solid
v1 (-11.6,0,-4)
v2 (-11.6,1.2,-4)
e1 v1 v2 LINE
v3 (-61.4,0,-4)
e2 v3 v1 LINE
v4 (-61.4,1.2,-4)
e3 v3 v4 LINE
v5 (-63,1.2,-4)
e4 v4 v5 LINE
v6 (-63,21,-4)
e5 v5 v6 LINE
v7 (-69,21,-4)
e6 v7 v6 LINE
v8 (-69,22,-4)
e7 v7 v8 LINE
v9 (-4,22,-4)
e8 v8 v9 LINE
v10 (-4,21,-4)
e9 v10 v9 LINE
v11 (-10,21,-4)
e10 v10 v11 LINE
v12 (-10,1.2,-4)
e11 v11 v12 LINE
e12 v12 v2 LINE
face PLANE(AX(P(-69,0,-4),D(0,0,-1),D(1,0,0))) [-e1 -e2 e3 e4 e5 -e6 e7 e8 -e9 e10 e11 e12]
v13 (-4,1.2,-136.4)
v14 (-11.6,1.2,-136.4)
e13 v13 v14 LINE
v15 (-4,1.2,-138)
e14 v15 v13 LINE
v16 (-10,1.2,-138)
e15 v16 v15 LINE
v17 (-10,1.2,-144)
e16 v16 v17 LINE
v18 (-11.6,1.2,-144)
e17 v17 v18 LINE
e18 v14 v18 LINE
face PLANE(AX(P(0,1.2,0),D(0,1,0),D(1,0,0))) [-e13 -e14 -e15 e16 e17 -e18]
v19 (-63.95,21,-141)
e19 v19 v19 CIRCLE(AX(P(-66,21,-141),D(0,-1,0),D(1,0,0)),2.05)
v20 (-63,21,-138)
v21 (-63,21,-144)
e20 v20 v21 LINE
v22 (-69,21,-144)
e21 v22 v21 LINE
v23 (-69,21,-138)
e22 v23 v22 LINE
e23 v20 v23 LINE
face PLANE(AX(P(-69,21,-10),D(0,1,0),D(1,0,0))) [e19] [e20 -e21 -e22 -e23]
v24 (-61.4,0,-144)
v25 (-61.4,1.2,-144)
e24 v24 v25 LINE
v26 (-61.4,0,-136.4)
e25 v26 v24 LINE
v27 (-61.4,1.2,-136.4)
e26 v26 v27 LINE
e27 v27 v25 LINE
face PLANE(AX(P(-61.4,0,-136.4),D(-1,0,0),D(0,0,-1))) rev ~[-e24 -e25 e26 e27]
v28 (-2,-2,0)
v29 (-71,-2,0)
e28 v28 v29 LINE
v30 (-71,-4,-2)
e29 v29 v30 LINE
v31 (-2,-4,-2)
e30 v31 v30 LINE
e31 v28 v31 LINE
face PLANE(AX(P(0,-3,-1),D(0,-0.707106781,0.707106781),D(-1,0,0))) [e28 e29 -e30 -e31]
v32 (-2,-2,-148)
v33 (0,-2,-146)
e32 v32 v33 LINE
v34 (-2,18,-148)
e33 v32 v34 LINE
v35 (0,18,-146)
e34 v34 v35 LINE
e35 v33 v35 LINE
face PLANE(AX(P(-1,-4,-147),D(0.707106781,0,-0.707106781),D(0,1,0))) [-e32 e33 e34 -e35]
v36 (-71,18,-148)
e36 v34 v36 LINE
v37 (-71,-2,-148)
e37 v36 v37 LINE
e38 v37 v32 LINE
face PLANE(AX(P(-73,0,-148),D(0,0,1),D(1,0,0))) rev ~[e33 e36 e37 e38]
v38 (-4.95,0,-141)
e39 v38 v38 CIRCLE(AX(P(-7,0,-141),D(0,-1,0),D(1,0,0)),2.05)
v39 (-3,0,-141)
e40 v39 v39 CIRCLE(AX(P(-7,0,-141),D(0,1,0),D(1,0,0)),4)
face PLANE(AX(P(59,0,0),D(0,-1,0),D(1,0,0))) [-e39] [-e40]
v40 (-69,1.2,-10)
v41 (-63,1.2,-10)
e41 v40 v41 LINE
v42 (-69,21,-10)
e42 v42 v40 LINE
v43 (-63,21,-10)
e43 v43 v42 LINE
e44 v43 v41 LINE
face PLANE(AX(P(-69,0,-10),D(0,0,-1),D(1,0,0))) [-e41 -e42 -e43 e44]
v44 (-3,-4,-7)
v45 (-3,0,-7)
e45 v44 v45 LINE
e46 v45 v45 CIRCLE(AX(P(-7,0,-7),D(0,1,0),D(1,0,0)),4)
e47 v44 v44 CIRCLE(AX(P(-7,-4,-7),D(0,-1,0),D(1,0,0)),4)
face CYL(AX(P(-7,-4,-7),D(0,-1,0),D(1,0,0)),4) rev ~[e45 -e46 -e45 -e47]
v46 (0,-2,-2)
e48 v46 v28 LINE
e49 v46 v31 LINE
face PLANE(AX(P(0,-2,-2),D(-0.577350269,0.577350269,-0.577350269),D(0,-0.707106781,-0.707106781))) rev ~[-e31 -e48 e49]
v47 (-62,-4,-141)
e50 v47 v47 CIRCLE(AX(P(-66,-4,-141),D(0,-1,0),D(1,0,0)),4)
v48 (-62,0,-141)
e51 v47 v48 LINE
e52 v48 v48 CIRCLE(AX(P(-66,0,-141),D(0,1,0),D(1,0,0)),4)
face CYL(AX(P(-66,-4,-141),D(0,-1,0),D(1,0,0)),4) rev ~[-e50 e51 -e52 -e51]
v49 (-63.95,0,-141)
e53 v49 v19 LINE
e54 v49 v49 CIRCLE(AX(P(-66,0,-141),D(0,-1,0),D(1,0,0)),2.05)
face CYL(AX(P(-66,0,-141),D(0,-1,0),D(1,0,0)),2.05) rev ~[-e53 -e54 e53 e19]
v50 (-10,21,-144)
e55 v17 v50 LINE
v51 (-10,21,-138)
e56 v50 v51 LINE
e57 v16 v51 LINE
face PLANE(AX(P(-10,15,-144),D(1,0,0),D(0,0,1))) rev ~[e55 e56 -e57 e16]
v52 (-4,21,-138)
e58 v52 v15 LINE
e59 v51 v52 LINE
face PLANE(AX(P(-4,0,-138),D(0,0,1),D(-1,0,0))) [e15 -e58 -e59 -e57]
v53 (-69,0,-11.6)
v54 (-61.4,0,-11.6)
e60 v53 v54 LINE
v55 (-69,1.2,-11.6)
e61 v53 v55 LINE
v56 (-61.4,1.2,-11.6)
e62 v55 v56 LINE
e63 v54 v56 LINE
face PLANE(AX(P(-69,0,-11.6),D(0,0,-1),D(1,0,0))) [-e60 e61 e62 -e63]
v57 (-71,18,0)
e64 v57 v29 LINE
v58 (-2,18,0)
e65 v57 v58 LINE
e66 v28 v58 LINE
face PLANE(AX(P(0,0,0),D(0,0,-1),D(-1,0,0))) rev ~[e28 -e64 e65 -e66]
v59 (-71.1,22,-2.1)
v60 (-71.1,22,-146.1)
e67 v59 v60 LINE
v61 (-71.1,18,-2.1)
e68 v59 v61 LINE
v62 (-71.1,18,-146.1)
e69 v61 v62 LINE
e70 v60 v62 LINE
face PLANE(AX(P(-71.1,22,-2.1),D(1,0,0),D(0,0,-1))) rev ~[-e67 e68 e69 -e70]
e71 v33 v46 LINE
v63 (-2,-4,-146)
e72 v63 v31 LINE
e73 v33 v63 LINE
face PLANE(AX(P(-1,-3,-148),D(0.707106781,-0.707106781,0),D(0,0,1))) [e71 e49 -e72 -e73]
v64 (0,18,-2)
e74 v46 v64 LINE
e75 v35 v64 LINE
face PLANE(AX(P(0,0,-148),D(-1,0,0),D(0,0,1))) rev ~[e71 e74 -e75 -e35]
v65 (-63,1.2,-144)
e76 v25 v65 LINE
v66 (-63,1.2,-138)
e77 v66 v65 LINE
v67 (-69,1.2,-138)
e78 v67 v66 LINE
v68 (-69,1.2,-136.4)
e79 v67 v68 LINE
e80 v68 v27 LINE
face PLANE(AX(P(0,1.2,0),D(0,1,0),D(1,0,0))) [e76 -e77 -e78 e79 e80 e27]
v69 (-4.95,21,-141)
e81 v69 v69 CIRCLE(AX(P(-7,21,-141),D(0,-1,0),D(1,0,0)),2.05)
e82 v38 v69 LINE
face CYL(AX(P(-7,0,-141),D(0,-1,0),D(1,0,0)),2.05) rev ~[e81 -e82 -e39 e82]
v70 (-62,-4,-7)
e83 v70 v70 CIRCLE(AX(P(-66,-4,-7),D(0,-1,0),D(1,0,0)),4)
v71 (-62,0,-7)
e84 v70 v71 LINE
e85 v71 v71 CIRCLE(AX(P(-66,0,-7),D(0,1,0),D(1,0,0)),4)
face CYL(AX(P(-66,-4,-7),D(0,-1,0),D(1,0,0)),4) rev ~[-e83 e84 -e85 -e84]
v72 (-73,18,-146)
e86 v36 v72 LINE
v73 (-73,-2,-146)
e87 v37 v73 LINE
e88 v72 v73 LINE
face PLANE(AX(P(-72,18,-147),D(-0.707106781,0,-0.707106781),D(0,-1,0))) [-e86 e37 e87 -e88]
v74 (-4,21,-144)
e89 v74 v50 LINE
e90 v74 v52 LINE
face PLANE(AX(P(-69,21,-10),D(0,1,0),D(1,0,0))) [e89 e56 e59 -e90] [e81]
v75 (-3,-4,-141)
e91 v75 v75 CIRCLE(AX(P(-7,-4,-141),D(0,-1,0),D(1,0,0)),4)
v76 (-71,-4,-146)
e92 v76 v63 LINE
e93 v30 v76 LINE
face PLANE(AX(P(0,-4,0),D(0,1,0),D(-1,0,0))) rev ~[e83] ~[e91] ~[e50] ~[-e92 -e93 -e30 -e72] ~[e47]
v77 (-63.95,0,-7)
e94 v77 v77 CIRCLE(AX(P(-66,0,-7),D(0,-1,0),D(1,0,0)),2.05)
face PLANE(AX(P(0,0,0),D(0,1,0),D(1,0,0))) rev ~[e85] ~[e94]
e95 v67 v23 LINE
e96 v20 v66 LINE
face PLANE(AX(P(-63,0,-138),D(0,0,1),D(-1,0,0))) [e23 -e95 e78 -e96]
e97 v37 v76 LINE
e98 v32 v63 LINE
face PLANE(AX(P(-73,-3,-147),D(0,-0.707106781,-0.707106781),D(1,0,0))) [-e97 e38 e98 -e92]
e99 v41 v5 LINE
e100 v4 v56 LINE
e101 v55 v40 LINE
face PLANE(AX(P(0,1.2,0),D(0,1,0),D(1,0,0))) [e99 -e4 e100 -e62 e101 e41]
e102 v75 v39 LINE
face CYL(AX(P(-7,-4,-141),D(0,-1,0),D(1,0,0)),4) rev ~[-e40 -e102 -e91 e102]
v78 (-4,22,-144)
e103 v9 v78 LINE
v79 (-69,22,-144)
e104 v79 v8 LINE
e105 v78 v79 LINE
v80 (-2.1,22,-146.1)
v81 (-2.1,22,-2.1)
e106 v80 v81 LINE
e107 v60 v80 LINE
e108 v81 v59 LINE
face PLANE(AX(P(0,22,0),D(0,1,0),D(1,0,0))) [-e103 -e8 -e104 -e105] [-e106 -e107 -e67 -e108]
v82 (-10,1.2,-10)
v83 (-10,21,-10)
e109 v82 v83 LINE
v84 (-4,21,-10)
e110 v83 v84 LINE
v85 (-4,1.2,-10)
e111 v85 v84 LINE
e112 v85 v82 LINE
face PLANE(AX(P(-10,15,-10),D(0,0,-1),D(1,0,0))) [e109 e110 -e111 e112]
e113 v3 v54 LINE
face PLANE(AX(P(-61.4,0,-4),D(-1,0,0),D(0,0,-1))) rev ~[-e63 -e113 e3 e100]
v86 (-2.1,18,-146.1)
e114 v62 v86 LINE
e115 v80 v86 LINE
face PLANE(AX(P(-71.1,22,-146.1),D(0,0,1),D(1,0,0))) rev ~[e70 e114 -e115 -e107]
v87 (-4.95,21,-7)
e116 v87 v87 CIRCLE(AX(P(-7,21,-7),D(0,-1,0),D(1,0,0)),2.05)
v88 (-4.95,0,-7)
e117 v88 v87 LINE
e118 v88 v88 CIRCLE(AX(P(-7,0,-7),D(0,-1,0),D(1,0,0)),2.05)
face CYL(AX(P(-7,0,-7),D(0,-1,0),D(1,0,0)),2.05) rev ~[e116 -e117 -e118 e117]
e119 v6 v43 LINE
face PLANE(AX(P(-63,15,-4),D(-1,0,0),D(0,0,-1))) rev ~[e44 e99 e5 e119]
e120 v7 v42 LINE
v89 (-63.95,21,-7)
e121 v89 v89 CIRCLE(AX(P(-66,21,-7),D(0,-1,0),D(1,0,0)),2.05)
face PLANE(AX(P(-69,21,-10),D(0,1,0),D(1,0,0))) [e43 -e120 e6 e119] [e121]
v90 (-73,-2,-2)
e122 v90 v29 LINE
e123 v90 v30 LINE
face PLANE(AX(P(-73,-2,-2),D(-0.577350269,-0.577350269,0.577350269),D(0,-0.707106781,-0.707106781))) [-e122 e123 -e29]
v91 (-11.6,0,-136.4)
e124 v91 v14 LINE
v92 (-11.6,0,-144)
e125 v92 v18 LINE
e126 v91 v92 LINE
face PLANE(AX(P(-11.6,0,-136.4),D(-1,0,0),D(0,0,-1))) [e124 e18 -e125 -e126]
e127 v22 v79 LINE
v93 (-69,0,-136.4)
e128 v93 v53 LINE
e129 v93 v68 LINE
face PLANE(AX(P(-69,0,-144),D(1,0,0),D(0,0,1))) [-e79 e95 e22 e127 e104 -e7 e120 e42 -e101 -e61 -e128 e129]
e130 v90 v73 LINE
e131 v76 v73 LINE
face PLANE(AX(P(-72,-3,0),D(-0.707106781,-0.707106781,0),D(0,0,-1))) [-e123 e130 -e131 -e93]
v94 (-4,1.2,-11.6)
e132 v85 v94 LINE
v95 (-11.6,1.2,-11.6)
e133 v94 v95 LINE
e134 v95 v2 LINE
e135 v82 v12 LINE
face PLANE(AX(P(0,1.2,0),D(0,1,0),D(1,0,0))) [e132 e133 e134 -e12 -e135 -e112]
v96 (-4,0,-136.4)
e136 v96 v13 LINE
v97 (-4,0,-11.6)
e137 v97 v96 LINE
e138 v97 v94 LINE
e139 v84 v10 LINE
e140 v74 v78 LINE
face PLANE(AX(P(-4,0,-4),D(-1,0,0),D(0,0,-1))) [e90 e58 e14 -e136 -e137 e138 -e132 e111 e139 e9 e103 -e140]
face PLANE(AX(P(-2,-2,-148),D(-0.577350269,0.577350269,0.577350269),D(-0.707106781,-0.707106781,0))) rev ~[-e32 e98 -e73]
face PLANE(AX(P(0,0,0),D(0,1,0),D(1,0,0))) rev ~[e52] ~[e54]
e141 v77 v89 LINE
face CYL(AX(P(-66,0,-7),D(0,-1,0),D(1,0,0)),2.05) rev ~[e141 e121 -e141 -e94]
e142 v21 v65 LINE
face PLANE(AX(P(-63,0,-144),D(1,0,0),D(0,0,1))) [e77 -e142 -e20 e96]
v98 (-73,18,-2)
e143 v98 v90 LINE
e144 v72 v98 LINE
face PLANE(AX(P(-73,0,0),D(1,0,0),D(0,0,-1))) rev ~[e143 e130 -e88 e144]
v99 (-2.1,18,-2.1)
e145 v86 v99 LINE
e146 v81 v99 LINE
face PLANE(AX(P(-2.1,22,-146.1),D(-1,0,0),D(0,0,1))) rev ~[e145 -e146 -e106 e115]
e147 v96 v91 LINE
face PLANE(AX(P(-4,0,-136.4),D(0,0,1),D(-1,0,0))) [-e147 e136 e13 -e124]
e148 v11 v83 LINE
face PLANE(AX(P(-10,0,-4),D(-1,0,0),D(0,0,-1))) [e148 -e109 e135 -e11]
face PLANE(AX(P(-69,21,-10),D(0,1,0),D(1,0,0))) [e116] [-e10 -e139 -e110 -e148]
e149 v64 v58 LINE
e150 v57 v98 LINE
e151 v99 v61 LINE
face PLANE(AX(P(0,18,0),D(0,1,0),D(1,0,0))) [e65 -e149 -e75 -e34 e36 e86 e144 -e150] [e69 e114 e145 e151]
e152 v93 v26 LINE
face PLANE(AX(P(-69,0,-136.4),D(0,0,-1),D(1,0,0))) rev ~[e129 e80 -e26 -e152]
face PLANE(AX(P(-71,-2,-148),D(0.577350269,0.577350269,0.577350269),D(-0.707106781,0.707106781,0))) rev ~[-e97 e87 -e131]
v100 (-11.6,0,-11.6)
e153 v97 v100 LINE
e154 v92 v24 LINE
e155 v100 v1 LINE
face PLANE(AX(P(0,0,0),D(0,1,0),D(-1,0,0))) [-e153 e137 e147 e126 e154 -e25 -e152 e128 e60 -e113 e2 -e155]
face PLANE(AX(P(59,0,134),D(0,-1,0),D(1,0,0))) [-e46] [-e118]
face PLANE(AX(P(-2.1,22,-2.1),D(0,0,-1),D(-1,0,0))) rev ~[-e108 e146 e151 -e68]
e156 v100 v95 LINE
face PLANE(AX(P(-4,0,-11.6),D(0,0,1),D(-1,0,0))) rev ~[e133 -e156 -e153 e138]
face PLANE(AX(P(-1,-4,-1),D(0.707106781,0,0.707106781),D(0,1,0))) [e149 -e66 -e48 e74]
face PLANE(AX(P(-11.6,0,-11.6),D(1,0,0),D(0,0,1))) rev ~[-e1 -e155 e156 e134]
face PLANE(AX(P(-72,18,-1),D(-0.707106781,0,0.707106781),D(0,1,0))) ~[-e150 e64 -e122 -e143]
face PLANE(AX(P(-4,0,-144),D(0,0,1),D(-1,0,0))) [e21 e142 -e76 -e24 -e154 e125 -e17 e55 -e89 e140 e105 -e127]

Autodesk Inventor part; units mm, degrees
ref_plane "YZ Plane" through (0, 0, 0) normal (1, 0, 0) x (0, 1, 0)
ref_plane "XZ Plane" through (0, 0, 0) normal (0, 1, 0) x (-1, 0, 0)
ref_plane "XY Plane" through (0, 0, 0) normal (0, 0, 1) x (1, 0, 0)
sketch "Sketch1" plane through (0, 0, 0) normal (0, 1, 0) x (-1, 0, 0)
  line L0 (0, 0) -> (73, 0)
  line L1 (73, 0) -> (73, -148)
  line L2 (73, -148) -> (0, -148)
  line L3 (0, -148) -> (0, 0)
  dimension "d0" = 73
  dimension "d1" = 148
extrude "Extrusion1" add sketch "Sketch1" against normal blind 4
sketch "Sketch2" plane through (0, 0, 0) normal (0, 1, 0) x (1, 0, 0)
  line L0 (-73, 148) -> (0, 148) projected
  line L1 (0, 148) -> (0, 0) projected
  line L2 (0, 148) -> (0, 0)
  line L3 (0, 0) -> (-73, 0) projected
  line L4 (0, 0) -> (-73, 0)
  line L5 (-73, 0) -> (-73, 148)
  line L6 (0, 148) -> (0, 144) construction
  line L7 (0, 148) -> (0, 0) construction
  line L8 (0, 144) -> (-4, 144) construction
  line L9 (-4, 144) -> (-69, 144)
  line L10 (-69, 144) -> (-69, 4)
  line L11 (-69, 4) -> (-4, 4)
  line L12 (-4, 4) -> (-4, 144)
  dimension "d4" = 4
  dimension "d5" = 4
  dimension "d6" = 90
  dimension "d7" = 65
  dimension "d8" = 140
extrude "Extrusion2" add sketch "Sketch2" along normal blind 22
sketch "Sketch3" plane through (0, 22, 0) normal (0, 1, 0) x (1, 0, 0)
  line L0 (-4, 4) -> (-69, 4)
  line L1 (-4, 4) -> (-2.1, 4) construction
  line L2 (-2.1, 4) -> (-2.1, 2.1) construction
  line L3 (-2.1, 2.1) -> (-71.1, 2.1)
  line L4 (-73, 148) -> (-73, 0) projected
  line L5 (-71.1, 2.1) -> (-71.1, 146.1)
  line L6 (-71.1, 146.1) -> (-2.1, 146.1)
  line L7 (-2.1, 146.1) -> (-2.1, 2.1)
  line L8 (-73, 0) -> (0, 0) projected
  line L9 (0, 148) -> (-73, 148) projected
  line L10 (-73, 0) -> (-73, 148)
  line L11 (-73, 148) -> (0, 148)
  line L12 (0, 148) -> (0, 0)
  point P0 (-4, 144)
  point P1 (-69, 144)
  dimension "d11" = 1.9
  dimension "d12" = 1.9
  dimension "d13" = 69
  dimension "d14" = 144
  dimension "d15" = 69
extrude "Extrusion3" cut sketch "Sketch3" against normal blind 4
sketch "Sketch4" plane through (0, 0, 0) normal (0, 1, 0) x (1, 0, 0)
  line L0 (-69, 4) -> (-69, 144) projected
  line L1 (-69, 144) -> (-63, 144)
  line L2 (-63, 144) -> (-63, 138)
  line L3 (-63, 138) -> (-69, 138)
  line L4 (-69, 138) -> (-69, 144)
  point P0 (0, 0)
  dimension "d18" = 6
  dimension "d19" = 6
extrude "Extrusion4" add sketch "Sketch4" along normal blind 15
sketch "Sketch5" plane through (0, 22, 0) normal (0, 1, 0) x (1, 0, 0)
  line L0 (-69, 138) -> (-63, 138) construction
  line L1 (-63, 138) -> (-66, 138) construction
  line L2 (-63, 138) -> (-60, 138) construction
  line L3 (-66, 138) -> (-66, 141) construction
  circle A0 centre (-66, 141) radius 2
  point P0 (0, 0)
  dimension "d22" = 3
  dimension "d23" = 180
  dimension "d24" = 3
  dimension "d25" = 4
extrude "Extrusion5" cut sketch "Sketch5" against normal blind 20
sketch "Sketch6" plane through (0, -4, 0) normal (0, -1, 0) x (1, 0, 0)
  line L0 (-73, 0) -> (-73, -148) construction
  line L1 (-73, -148) -> (-73, -141) construction
  line L2 (-73, -141) -> (-66, -141) construction
  circle A0 centre (-66, -141) radius 4
  point P0 (0, 0)
  dimension "d28" = 7
  dimension "d41" = 7
  dimension "d42" = 8
extrude "Extrusion6" cut sketch "Sketch6" against normal blind 4
pattern_linear "Rectangular Pattern1" count 2 spacing 59 along (1, 0, 0) count 2 spacing 134 along (0, 0, 1) of "Extrusion4", "Extrusion5", "Extrusion6"
sketch "Sketch7" plane through (0, 0, 0) normal (0, 1, 0) x (1, 0, 0)
  line L0 (-69, 138) -> (-63, 138) projected
  line L1 (-69, 138) -> (-63, 138)
  line L2 (-10, 144) -> (-63, 144) projected
  line L3 (-63, 138) -> (-63, 144)
  line L4 (-63, 144) -> (-61.4, 144)
  line L5 (-69, 138) -> (-69, 136.4)
  line L6 (-69, 138) -> (-69, 10) projected
  line L7 (-69, 136.4) -> (-61.4, 136.4)
  line L8 (-61.4, 136.4) -> (-61.4, 144)
  point P0 (0, 0)
  dimension "d43" = 1.6
  dimension "d44" = 1.6
extrude "Extrusion7" add sketch "Sketch7" along normal blind 1.2
sketch "Sketch8" plane through (0, 0, 0) normal (0, 1, 0) x (1, 0, 0)
  line L0 (-10, 4) -> (-10, 4.3542) projected
  line L1 (-10, 4) -> (-11.6, 4)
  line L2 (-4, 4) -> (-69, 4) projected
  line L3 (-4, 10) -> (-10, 10) projected
  line L4 (-10, 4) -> (-10, 10)
  line L5 (-10, 10) -> (-4, 10)
  line L6 (-4, 10) -> (-4, 11.6)
  line L7 (-4, 11.6) -> (-11.6, 11.6)
  line L8 (-11.6, 11.6) -> (-11.6, 4)
  line L9 (-11.6, 11.6) -> (-69, 11.6) construction
  line L10 (-69, 136.4) -> (-69, 10) projected
  line L11 (-69, 10) -> (-69, 11.6)
  line L12 (-69, 10) -> (-63, 10)
  line L13 (-63, 10) -> (-63, 4)
  line L14 (-63, 4) -> (-61.4, 4)
  line L15 (-63, 4) -> (-10, 4) projected
  line L16 (-61.4, 4) -> (-61.4, 11.6)
  line L17 (-69, 11.6) -> (-61.4, 11.6)
  line L18 (-9.6458, 138) -> (-10, 138) projected
  line L19 (-4, 138) -> (-2.4, 138) construction
  line L20 (-10, 144) -> (-61.4, 144) projected
  line L21 (-10, 138) -> (-10, 144)
  line L22 (-10, 144) -> (-11.6, 144)
  line L23 (-10, 138) -> (-4, 138)
  line L24 (-4, 138) -> (-4, 136.4)
  line L25 (-4, 10) -> (-4, 138) projected
  line L26 (-4, 136.4) -> (-11.6, 136.4)
  line L27 (-11.6, 136.4) -> (-11.6, 144)
  point P0 (0, 0)
  dimension "d47" = 1.6
  dimension "d48" = 1.6
  dimension "d49" = 1.6
  dimension "d55" = 7.6
  dimension "d56" = 7.6
  dimension "d57" = 1.6
  dimension "d58" = 1.6
  dimension "d59" = 90
extrude "Extrusion8" add sketch "Sketch8" along normal blind 1.2
sketch "Sketch9" plane through (-69, 15, -10) normal (0, 1, 0) x (1, 0, 0)
  line L0 (6, -6) -> (6, 0) projected
  line L1 (0, -6) -> (0, 134) projected
  line L2 (6, 0) -> (0, 0)
  line L3 (0, 0) -> (0, -6)
  line L4 (0, -6) -> (6, -6)
  line L5 (6, -6) -> (6, 0)
  line L6 (65, 134) -> (65, -6) projected
  line L7 (65, 1.6) -> (65, -6)
  line L8 (65, -6) -> (57.4, -6)
  line L9 (59, 134) -> (59, 128) projected
  line L10 (65, 134) -> (59, 134)
  line L11 (59, 134) -> (59, 128)
  line L12 (59, 128) -> (65, 128)
  line L13 (65, 128) -> (65, 134)
  line L14 (65, -6) -> (59, -6) projected
  line L15 (65, -6) -> (59, -6)
  line L16 (59, -6) -> (59, 0)
  line L17 (59, 0) -> (65, 0)
  line L18 (65, 0) -> (65, -6)
  line L19 (6, 128) -> (6, 134) projected
  line L20 (0, 134) -> (6, 134) projected
  line L21 (6, 128) -> (0, 128)
  line L22 (0, 128) -> (0, 134)
  line L23 (0, 134) -> (6, 134)
  line L24 (6, 134) -> (6, 128)
  point P0 (69, -10)
  point P1 (57.4, 1.6)
extrude "Extrusion9" add sketch "Sketch9" along normal blind 6
sketch "Sketch10" plane through (-66, 0, -7) normal (0, -1, 0) x (1, 0, 0)
  circle A0 centre (0, 0) radius 2.05
  circle A1 centre (59, 0) radius 2 projected
  circle A2 centre (59, 0) radius 2.05
  circle A3 centre (0, -134) radius 2 projected
  circle A4 centre (0, -134) radius 2.05
  circle A5 centre (59, -134) radius 2.05
  point P0 (66, 7)
  dimension "d64" = 4.1
  dimension "d65" = 4.1
  dimension "d66" = 4.1
  dimension "d67" = 4.1
extrude "Extrusion10" cut sketch "Sketch10" against normal blind 200 contours A0 | A1 | A3 | A5
sketch "Sketch11" plane through (-7, 0, -7) normal (0, -1, 0) x (1, 0, 0)
  circle A0 centre (0, 0) radius 2.05
  point P0 (7, 7)
  dimension "d70" = 4.1
extrude "Extrusion11" cut sketch "Sketch11" against normal blind 100
sketch "Sketch12" plane through (-66, 0, -141) normal (0, -1, 0) x (1, 0, 0)
  circle A0 centre (0, 0) radius 2.05
  point P0 (66, 141)
  dimension "d73" = 4.1
extrude "Extrusion12" cut sketch "Sketch12" against normal blind 100
chamfer "Chamfer1" distance 2 angle 45 8 edges at (-36.5, -4, 0) (-73, 7, 0) (-73, -4, -74) (0, 7, 0) (0, -4, -74) (0, 7, -148) (-36.5, -4, -148) (-73, 7, -148)
properties part number "mangOH bottom"
